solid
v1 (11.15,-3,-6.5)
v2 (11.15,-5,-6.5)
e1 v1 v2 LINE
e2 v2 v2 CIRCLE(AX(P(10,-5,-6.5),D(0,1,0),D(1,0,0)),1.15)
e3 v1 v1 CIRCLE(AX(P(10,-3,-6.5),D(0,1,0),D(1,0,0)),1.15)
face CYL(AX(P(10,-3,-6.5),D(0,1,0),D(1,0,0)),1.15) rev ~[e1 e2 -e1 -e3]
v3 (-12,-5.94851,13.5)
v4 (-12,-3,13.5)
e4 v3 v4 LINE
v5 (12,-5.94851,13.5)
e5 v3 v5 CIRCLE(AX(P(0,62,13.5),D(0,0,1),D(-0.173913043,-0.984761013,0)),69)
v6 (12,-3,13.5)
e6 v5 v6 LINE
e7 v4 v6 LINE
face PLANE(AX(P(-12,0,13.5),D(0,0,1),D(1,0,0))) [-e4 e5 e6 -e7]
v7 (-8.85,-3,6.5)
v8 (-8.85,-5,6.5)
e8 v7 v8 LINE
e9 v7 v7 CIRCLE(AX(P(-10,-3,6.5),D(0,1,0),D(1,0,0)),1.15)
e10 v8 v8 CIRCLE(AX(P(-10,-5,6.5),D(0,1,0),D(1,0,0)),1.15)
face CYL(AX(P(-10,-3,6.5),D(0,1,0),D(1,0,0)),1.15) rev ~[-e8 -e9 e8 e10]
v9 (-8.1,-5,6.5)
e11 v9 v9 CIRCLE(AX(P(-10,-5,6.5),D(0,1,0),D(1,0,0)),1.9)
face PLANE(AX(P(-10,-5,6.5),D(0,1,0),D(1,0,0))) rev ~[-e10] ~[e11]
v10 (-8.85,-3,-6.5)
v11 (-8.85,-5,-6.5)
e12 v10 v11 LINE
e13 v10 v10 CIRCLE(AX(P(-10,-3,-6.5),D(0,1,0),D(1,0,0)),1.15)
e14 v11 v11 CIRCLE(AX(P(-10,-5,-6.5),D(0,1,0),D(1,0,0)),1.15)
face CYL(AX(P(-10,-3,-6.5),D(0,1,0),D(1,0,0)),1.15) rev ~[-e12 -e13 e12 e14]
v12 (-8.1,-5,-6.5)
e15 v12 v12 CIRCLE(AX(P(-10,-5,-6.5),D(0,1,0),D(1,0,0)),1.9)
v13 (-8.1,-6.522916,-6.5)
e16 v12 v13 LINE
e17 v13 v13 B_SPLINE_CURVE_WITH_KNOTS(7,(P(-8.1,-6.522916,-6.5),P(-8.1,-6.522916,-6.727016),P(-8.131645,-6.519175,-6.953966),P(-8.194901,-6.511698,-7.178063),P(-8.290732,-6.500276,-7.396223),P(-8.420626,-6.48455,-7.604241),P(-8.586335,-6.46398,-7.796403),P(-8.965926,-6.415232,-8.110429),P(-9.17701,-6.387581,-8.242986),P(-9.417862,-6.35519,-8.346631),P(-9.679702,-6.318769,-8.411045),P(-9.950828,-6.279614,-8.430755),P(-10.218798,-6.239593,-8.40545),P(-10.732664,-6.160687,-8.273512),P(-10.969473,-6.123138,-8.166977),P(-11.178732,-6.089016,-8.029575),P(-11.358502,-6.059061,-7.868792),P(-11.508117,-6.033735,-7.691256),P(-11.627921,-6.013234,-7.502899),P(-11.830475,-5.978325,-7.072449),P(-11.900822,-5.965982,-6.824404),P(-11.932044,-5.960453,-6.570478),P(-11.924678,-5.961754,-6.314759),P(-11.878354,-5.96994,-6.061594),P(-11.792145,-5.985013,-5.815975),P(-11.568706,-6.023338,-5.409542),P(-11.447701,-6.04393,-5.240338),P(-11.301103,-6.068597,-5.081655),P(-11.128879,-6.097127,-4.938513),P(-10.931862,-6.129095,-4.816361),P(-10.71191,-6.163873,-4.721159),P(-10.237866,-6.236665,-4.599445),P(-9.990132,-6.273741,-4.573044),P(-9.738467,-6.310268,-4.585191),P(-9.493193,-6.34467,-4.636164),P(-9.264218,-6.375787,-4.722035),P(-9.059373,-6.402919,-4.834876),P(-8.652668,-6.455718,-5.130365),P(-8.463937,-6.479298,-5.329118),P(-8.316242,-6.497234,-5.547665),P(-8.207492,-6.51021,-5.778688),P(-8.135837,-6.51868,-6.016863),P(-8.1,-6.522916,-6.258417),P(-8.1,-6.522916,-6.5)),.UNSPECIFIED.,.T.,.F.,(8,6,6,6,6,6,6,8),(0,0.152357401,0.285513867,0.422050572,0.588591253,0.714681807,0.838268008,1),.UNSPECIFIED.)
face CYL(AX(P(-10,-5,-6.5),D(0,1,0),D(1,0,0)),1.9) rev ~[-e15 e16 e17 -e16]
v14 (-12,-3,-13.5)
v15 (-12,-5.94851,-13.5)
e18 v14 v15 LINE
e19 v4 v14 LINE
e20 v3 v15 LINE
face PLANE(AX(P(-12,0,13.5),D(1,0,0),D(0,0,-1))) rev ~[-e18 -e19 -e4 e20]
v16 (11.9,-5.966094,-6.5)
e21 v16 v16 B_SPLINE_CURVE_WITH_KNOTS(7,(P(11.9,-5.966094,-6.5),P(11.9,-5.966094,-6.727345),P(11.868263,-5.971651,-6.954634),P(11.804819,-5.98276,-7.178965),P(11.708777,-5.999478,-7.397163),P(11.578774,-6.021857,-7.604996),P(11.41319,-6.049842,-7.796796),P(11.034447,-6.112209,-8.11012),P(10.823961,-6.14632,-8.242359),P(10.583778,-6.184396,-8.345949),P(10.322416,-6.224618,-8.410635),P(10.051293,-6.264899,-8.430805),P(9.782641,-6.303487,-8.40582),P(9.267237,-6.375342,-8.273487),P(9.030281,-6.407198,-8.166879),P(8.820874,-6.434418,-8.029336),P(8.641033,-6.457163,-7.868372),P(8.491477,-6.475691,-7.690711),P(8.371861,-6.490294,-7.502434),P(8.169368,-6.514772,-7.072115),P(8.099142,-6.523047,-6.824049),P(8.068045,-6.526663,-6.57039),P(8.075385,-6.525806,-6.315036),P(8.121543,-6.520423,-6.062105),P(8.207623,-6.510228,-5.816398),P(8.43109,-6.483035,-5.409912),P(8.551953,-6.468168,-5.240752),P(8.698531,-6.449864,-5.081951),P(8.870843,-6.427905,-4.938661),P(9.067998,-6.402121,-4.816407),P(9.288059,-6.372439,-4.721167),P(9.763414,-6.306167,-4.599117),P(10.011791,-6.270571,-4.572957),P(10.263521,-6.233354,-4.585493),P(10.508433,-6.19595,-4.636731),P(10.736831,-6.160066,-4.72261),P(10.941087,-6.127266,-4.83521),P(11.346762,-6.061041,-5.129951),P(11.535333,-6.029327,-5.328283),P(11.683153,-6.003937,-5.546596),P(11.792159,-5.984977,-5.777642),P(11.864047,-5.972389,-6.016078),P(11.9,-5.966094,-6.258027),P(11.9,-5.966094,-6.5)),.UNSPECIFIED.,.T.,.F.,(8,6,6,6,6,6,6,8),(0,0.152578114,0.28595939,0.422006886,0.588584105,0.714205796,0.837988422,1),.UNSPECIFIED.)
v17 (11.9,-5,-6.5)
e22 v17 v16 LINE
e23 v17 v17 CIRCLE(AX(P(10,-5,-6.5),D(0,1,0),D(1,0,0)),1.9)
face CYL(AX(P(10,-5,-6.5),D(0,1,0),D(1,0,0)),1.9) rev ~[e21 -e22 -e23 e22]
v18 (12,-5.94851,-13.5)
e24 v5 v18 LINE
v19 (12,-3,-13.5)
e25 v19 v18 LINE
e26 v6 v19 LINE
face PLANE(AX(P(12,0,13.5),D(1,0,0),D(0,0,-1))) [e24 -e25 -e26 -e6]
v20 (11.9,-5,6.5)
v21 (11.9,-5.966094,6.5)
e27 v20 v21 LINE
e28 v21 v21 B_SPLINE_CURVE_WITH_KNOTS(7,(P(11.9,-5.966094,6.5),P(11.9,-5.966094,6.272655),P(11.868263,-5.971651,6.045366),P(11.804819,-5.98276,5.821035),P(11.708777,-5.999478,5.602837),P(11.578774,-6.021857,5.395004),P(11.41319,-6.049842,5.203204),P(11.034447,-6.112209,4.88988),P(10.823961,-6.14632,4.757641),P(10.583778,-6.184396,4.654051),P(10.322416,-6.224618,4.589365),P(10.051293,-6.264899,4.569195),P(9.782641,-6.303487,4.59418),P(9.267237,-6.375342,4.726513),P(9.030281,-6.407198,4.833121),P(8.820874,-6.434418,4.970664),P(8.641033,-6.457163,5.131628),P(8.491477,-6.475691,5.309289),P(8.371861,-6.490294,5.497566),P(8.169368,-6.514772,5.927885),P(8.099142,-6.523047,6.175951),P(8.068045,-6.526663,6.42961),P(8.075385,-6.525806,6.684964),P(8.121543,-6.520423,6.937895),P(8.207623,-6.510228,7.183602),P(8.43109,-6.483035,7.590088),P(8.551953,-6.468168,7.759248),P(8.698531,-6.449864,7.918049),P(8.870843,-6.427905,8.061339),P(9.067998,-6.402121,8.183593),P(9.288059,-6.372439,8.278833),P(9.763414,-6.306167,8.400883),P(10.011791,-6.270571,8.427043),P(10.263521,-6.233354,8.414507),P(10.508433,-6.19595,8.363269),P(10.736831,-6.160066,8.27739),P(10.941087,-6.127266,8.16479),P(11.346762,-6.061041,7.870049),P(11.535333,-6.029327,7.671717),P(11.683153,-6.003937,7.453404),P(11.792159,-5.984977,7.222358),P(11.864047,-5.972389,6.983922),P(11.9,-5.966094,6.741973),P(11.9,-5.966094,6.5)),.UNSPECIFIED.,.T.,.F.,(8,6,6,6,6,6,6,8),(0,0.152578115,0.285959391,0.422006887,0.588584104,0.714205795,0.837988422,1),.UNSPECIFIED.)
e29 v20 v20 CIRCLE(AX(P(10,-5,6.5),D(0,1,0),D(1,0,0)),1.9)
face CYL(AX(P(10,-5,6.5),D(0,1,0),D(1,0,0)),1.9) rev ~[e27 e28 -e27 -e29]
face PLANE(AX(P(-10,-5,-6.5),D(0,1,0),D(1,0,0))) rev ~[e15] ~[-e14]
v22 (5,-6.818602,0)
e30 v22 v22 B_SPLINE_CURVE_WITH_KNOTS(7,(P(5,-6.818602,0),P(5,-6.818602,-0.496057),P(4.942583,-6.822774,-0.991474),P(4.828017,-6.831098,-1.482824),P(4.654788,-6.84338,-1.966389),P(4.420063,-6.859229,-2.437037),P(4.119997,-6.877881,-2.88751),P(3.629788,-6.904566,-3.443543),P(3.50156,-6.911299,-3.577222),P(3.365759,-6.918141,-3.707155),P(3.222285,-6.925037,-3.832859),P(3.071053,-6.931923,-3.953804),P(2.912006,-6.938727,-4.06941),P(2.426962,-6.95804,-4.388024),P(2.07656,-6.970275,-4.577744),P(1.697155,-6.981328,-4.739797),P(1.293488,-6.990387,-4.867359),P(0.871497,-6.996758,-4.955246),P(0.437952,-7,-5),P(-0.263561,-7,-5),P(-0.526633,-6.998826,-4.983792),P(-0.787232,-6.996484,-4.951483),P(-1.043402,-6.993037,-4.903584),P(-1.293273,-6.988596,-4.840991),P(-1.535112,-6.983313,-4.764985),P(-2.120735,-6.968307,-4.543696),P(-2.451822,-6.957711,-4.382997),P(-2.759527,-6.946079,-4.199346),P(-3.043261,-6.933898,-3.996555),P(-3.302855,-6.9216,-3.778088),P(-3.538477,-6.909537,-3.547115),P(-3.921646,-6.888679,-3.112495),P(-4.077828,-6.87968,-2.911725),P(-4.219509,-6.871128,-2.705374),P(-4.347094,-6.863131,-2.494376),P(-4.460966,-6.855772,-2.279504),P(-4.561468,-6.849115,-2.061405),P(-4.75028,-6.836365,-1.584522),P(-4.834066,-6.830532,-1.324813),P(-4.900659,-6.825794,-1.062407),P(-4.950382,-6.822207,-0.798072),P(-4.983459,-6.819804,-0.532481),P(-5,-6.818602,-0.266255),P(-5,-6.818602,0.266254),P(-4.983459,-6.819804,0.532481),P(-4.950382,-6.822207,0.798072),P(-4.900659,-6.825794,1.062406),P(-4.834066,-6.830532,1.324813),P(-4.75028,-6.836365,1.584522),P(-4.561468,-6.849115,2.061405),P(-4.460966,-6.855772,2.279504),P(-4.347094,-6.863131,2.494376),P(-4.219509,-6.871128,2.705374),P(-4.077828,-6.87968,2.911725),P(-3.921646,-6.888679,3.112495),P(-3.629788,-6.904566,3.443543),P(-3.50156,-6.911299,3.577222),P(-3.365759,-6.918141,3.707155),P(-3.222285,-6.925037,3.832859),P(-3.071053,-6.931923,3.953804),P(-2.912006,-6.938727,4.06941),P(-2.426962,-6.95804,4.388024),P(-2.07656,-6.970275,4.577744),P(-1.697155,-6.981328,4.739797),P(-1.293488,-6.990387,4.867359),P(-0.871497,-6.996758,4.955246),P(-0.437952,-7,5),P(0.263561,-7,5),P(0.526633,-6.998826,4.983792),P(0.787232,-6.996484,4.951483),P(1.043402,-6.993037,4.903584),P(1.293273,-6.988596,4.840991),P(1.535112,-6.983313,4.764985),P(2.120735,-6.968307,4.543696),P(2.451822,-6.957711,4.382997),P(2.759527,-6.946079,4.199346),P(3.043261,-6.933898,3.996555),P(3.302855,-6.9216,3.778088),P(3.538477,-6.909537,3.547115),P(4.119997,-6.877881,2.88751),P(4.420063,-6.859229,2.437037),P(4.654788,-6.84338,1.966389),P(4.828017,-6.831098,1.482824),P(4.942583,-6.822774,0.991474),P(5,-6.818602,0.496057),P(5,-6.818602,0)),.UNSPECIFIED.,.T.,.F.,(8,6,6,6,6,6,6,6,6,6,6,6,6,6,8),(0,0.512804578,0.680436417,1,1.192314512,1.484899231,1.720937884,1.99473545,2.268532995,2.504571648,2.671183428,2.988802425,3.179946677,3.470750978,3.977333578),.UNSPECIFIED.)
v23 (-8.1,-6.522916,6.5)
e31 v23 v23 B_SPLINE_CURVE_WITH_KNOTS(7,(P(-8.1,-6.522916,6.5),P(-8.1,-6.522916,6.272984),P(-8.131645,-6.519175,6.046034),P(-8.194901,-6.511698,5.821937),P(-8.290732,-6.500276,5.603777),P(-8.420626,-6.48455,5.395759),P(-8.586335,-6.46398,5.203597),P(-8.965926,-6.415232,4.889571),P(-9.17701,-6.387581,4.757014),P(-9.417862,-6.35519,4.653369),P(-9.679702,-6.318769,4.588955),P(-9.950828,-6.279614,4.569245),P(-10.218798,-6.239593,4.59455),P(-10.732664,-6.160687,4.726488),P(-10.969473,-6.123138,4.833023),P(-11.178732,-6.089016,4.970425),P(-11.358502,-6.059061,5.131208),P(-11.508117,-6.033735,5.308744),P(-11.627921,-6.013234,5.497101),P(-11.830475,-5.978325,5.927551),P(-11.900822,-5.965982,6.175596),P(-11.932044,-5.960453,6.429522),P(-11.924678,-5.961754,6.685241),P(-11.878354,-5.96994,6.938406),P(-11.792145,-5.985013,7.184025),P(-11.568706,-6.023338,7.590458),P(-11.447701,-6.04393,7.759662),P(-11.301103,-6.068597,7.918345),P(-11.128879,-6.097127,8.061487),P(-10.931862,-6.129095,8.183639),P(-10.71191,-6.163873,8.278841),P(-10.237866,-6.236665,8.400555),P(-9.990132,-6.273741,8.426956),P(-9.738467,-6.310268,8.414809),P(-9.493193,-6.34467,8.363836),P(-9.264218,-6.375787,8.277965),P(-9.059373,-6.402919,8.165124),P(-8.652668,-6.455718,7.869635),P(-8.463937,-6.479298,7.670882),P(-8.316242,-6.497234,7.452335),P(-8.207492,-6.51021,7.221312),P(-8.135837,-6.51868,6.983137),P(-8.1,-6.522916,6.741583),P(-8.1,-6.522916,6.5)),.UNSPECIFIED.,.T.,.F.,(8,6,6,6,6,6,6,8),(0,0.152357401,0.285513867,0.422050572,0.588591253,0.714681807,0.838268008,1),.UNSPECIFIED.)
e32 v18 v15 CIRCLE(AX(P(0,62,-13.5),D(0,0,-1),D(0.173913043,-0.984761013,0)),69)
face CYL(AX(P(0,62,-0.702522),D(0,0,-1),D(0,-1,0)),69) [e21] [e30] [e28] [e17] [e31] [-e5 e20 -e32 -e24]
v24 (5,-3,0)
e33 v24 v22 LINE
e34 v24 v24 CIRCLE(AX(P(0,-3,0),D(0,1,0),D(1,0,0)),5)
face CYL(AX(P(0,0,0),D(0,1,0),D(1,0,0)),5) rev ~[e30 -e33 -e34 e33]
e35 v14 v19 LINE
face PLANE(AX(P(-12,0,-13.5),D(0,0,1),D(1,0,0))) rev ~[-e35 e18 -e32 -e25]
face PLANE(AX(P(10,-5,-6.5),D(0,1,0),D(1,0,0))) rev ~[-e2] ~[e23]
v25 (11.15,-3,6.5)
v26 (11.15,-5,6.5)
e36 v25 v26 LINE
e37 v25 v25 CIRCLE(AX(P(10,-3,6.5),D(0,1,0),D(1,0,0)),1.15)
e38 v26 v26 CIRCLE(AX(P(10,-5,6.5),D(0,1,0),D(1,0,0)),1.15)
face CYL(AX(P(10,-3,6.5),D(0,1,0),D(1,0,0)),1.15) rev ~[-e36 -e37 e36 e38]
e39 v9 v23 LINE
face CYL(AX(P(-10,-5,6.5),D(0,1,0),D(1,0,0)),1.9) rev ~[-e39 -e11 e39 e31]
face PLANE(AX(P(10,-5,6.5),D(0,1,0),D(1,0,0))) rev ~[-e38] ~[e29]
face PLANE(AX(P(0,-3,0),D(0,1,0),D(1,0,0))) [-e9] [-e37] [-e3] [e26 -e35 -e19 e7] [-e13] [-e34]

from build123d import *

# Parameters (mm, degrees)
SKETCH4_W                = 24
SKETCH4_H                = 27
BOSS_EXTRUDE3_DEPTH      = 3
BOSS_EXTRUDE3_DEPTH_BACK = 8
SKETCH5_W                = 28.405044576
SKETCH5_H                = 3.736732925
SKETCH6_R                = 5
CUT_EXTRUDE1_DEPTH       = 4
CUT_EXTRUDE1_DEPTH_BACK  = 8
SKETCH7_W                = 24
SKETCH7_H                = 27
CUT_EXTRUDE2_DEPTH       = 6
SKETCH8_R                = 1.15
CUT_EXTRUDE3_DEPTH       = 5.0000001
CUT_EXTRUDE4_START       = -2
SKETCH9_R                = 1.9
CUT_EXTRUDE4_DEPTH       = 2


with BuildPart() as part:
    # Sketch4 → Boss-Extrude3 (new body, two sides)
    with BuildSketch(Plane(origin=(0, 0, 0), x_dir=(1, 0, 0), z_dir=(0, 1, 0))) as boss_extrude3_sk:
        Rectangle(SKETCH4_W, SKETCH4_H)
    extrude(amount=BOSS_EXTRUDE3_DEPTH)
    extrude(boss_extrude3_sk.sketch, amount=-BOSS_EXTRUDE3_DEPTH_BACK)

    # Sketch5 → Cut-Revolve1 (revolve, cut)
    with BuildSketch(Plane(origin=(0, 0, 0), x_dir=(0, 0, -1), z_dir=(1, 0, 0))):
        with Locations((0.702522288, -8.868366462)):
            Rectangle(SKETCH5_W, SKETCH5_H)
    revolve(axis=Axis((0, 62, 13.5), (0, 0, -1)), mode=Mode.SUBTRACT)

    # Sketch6 → Cut-Extrude1 (cut, two sides)
    with BuildSketch(Plane(origin=(0, 0, 0), x_dir=(1, 0, 0), z_dir=(0, 1, 0))) as cut_extrude1_sk:
        Circle(SKETCH6_R)
    extrude(amount=CUT_EXTRUDE1_DEPTH, mode=Mode.SUBTRACT)
    extrude(cut_extrude1_sk.sketch, amount=-CUT_EXTRUDE1_DEPTH_BACK, mode=Mode.SUBTRACT)

    # Sketch7 → Cut-Extrude2 (cut)
    with BuildSketch(Plane(origin=(0, 3, 0), x_dir=(1, 0, 0), z_dir=(0, 1, 0))):
        Rectangle(SKETCH7_W, SKETCH7_H)
    extrude(amount=-CUT_EXTRUDE2_DEPTH, mode=Mode.SUBTRACT)

    # Sketch8 → Cut-Extrude3 (cut, through all)
    with BuildSketch(Plane(origin=(0, -3, 0), x_dir=(1, 0, 0), z_dir=(0, 1, 0))):
        with Locations((-10, 6.5)):
            Circle(SKETCH8_R)
        with Locations((-10, -6.5)):
            Circle(SKETCH8_R)
        with Locations((10, -6.5)):
            Circle(SKETCH8_R)
        with Locations((10, 6.5)):
            Circle(SKETCH8_R)
    extrude(amount=-CUT_EXTRUDE3_DEPTH, mode=Mode.SUBTRACT)

    # Sketch9 → Cut-Extrude4 (cut)
    with BuildSketch(Plane(origin=(0, -3, 0), x_dir=(1, 0, 0), z_dir=(0, 1, 0)).offset(CUT_EXTRUDE4_START)):
        with Locations((-10, 6.5)):
            Circle(SKETCH9_R)
        with Locations((-10, -6.5)):
            Circle(SKETCH9_R)
        with Locations((10, -6.5)):
            Circle(SKETCH9_R)
        with Locations((10, 6.5)):
            Circle(SKETCH9_R)
    extrude(amount=-CUT_EXTRUDE4_DEPTH, mode=Mode.SUBTRACT)


solid = part.part
